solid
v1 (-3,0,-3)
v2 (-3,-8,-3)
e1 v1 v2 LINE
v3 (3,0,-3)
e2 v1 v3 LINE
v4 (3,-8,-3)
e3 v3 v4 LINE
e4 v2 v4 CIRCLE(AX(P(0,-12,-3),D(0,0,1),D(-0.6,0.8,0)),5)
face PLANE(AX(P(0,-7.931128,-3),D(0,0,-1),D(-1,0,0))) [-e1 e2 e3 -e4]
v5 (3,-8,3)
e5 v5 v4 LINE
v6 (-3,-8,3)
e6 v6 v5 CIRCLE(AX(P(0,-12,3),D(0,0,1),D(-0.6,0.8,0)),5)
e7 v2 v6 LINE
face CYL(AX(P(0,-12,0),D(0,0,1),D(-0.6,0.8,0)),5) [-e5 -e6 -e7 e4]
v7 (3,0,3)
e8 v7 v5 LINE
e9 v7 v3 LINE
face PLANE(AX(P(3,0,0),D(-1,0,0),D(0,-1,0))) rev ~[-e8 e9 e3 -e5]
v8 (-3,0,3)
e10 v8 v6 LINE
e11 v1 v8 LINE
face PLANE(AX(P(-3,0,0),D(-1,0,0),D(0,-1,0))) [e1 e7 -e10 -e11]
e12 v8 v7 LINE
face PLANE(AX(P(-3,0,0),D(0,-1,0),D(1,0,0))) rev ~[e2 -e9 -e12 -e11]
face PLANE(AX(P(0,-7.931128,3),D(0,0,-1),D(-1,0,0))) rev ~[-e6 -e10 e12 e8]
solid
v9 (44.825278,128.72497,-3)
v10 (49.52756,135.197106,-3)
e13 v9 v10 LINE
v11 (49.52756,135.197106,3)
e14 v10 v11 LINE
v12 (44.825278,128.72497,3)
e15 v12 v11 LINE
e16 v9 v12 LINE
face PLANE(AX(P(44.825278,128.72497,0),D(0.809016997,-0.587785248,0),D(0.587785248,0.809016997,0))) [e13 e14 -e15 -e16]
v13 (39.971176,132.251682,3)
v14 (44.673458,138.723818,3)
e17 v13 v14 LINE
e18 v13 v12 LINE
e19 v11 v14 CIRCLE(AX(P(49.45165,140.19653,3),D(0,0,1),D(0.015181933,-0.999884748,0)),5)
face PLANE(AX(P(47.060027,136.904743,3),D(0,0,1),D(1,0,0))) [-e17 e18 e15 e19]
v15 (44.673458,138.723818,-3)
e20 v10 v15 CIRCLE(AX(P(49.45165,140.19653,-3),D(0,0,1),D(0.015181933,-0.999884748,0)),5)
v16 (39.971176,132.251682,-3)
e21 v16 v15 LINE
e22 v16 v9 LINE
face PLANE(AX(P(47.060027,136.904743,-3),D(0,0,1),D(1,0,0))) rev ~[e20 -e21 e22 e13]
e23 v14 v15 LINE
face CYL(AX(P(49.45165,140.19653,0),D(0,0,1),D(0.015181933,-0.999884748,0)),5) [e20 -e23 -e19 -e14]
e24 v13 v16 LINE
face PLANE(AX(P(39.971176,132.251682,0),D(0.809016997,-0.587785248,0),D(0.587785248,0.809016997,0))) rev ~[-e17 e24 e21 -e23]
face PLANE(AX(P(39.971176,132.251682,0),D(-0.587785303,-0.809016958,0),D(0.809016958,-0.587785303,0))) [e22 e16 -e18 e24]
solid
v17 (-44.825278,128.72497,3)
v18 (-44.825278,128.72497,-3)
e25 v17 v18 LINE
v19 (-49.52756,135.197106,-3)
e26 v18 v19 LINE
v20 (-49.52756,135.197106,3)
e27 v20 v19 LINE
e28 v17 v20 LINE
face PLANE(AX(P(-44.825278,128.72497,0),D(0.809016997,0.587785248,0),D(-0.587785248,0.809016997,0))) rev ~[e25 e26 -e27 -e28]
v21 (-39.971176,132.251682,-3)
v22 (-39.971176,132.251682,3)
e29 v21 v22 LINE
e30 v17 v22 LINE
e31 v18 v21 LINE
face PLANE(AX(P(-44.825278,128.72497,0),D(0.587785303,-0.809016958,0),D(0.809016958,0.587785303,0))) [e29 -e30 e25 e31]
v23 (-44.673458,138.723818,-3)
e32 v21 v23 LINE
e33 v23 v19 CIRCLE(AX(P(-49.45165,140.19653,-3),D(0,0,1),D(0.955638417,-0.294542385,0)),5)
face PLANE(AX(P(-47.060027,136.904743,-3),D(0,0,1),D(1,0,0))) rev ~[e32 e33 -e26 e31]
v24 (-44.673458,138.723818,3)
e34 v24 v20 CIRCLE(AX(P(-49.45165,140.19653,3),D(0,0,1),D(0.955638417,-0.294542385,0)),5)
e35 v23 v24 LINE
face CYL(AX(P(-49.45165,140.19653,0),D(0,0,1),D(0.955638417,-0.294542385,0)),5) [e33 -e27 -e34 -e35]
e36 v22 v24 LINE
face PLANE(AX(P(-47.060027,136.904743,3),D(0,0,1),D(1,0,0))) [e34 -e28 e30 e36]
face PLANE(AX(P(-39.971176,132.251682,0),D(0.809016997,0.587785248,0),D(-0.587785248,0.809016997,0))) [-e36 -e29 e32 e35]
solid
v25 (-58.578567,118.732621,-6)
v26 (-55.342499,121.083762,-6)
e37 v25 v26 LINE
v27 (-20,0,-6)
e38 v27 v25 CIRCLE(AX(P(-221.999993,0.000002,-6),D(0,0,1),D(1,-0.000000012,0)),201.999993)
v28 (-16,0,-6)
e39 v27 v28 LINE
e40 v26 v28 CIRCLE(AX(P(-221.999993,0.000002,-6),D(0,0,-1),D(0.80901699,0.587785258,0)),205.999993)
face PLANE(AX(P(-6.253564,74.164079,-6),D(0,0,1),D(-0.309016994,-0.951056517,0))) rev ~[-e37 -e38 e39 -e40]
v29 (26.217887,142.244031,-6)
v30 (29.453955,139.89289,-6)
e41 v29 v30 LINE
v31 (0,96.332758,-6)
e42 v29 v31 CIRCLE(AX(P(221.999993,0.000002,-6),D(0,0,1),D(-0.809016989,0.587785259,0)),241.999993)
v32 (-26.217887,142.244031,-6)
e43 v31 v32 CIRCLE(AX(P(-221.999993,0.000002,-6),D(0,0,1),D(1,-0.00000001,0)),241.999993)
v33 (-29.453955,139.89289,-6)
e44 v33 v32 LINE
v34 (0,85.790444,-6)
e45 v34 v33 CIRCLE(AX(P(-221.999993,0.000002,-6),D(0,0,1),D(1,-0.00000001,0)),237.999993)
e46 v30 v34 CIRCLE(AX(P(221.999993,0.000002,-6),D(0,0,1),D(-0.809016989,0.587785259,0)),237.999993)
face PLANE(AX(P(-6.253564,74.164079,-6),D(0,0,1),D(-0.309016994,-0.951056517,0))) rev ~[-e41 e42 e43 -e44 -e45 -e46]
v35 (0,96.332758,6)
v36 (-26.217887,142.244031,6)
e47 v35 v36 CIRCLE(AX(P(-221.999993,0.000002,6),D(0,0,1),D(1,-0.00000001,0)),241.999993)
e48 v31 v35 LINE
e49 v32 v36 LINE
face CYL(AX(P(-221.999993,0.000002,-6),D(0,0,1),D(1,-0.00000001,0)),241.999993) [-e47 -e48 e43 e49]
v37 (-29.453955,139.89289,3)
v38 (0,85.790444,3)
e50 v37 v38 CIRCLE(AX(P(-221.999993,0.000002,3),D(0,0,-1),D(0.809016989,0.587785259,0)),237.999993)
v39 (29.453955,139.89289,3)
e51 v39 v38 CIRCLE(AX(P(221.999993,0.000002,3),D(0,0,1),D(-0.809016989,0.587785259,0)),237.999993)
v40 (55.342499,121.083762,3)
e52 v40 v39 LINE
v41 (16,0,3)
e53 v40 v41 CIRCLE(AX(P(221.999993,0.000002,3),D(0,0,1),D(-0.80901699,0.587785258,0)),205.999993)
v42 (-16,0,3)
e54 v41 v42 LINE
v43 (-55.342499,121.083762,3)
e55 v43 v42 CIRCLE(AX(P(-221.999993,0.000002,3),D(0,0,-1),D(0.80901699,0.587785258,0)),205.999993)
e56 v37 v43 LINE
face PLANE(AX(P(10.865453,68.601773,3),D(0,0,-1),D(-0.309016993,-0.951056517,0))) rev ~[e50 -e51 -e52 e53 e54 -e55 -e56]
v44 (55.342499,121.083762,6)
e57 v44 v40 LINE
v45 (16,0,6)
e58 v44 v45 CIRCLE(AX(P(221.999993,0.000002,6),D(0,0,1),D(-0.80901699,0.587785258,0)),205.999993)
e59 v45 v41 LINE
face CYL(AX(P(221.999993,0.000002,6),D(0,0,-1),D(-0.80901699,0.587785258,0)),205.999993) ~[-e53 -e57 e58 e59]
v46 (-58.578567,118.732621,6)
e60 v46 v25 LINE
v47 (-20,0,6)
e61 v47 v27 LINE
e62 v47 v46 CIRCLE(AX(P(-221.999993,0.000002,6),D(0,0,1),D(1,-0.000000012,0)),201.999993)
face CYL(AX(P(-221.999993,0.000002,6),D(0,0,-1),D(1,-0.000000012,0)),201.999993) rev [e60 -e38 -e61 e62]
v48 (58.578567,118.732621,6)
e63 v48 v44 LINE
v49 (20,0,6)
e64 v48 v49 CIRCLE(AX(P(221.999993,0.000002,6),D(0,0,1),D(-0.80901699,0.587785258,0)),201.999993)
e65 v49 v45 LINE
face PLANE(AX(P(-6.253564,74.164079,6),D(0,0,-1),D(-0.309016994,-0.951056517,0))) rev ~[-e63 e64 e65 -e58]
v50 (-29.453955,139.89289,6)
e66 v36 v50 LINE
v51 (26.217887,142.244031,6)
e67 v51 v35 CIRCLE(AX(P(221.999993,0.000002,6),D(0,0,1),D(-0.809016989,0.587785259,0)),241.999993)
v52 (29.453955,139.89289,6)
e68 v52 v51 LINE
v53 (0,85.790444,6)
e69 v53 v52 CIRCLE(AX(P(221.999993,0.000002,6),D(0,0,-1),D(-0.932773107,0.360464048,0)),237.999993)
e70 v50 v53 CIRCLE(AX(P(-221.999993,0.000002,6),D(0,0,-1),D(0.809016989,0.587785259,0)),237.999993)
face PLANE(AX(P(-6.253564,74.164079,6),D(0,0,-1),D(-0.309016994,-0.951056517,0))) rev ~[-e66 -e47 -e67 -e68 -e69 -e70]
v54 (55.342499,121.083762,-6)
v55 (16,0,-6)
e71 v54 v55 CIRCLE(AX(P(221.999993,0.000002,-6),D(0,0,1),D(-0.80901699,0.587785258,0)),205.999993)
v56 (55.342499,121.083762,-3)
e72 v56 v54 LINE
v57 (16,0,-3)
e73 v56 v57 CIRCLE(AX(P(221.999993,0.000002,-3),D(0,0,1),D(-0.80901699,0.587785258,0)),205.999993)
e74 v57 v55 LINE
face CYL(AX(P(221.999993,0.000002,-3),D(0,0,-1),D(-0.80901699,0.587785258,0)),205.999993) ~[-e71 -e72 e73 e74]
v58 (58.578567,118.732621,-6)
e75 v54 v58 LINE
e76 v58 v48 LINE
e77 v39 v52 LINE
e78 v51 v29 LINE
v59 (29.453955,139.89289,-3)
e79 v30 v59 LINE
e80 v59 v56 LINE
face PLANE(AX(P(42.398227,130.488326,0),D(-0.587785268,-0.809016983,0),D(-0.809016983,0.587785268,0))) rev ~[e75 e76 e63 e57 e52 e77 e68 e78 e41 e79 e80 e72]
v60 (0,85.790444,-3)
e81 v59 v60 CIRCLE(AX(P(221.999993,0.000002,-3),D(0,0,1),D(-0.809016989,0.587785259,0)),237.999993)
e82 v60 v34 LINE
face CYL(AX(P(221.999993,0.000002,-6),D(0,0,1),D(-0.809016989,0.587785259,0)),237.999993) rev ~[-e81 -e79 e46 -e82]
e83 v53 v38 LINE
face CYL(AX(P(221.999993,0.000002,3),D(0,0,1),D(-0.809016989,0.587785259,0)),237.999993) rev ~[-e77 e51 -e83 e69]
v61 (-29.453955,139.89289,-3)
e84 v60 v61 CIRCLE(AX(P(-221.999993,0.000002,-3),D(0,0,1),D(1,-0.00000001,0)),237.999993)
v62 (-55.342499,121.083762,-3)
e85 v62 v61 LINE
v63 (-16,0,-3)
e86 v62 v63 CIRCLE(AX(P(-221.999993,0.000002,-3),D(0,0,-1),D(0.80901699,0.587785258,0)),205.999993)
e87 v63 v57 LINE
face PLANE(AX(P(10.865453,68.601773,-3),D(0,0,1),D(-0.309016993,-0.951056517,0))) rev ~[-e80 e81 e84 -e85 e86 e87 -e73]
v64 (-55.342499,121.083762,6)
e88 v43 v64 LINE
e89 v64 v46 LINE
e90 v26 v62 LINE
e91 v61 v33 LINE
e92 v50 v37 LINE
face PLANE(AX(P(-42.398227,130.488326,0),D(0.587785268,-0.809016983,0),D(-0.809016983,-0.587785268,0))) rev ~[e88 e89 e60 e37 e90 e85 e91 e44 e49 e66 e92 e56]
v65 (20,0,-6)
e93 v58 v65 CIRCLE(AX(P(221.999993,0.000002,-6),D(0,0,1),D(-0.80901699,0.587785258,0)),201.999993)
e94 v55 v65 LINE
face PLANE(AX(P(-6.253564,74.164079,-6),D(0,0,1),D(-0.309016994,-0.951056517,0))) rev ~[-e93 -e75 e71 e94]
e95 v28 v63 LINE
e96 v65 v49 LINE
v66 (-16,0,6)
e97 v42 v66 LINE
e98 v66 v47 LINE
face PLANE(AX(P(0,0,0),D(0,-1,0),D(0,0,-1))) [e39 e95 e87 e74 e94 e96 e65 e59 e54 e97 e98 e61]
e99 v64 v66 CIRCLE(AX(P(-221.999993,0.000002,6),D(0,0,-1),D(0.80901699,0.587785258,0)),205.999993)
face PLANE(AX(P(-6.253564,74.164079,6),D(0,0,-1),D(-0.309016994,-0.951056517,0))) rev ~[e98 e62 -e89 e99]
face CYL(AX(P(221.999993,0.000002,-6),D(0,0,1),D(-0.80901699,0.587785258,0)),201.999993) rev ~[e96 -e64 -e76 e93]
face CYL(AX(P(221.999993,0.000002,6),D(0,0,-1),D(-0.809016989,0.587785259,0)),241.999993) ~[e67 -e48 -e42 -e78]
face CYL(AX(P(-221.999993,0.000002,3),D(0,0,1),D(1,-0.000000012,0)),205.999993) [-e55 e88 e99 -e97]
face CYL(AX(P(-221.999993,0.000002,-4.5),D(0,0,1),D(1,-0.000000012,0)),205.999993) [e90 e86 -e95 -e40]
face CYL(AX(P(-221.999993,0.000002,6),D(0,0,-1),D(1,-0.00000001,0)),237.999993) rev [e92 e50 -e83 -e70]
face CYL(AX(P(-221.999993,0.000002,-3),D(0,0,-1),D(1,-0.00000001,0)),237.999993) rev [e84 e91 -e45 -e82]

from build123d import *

# Parameters (mm, degrees)
SKETCH013_W  = 32
SKETCH013_H  = 3
PAD_DEPTH    = 3
PAD001_DEPTH = 3
PAD002_DEPTH = 3


with BuildPart() as main:
    # AdditivePipe: sweep along a path in Sketch
    with BuildLine(Plane.XY) as additivepipe_path:
        ThreePointArc((0, 0), (-10.865453, 68.601773), (-42.398227, 130.488326))
    # Sketch002 → AdditivePipe (sweep)
    with BuildSketch(Plane.XZ):
        Polygon((-20, 6), (-20, -6), (-16, -6), (-16, -3), (-9, -3), (9, -3), (16, -3), (16, -6), (20, -6), (20, 6), (16, 6), (16, 3), (9, 3), (-9, 3), (-16, 3), (-16, 6), align=None)
    sweep(path=additivepipe_path.line)

    # AdditivePipe001: sweep along a path in Sketch001
    with BuildLine(Plane.XY) as additivepipe001_path:
        ThreePointArc((42.398227, 130.488326), (10.865453, 68.601773), (0, 0))
    # Sketch002 → AdditivePipe001 (sweep)
    with BuildSketch(Plane.XZ):
        Polygon((-20, 6), (-20, -6), (-16, -6), (-16, -3), (-9, -3), (9, -3), (16, -3), (16, -6), (20, -6), (20, 6), (16, 6), (16, 3), (9, 3), (-9, 3), (-16, 3), (-16, 6), align=None)
    sweep(path=additivepipe001_path.line)

    # SubtractivePipe: sweep along a path in Sketch
    with BuildLine(Plane.XY) as subtractivepipe_path:
        ThreePointArc((0, 0), (-10.865453, 68.601773), (-42.398227, 130.488326))
    # Sketch013 (on Face1 of AdditivePipe001) → SubtractivePipe (sweep, cut)
    with BuildSketch(Plane.XZ):
        with Locations((0, 4.5)):
            Rectangle(SKETCH013_W, SKETCH013_H)
    subtractivepipe = sweep(path=subtractivepipe_path.line, mode=Mode.SUBTRACT)

    # SubtractivePipe001: sweep along a path in Sketch001
    with BuildLine(Plane.XY) as subtractivepipe001_path:
        ThreePointArc((42.398227, 130.488326), (10.865453, 68.601773), (0, 0))
    # Sketch013 (on Face1 of AdditivePipe001) → SubtractivePipe001 (sweep, cut)
    with BuildSketch(Plane.XZ):
        with Locations((0, 4.5)):
            Rectangle(SKETCH013_W, SKETCH013_H)
    subtractivepipe001 = sweep(path=subtractivepipe001_path.line, mode=Mode.SUBTRACT)

    # Mirrored: SubtractivePipe across XY
    add(subtractivepipe.mirror(Plane.XY), mode=Mode.SUBTRACT)

    # Mirrored001: SubtractivePipe001 across XY
    add(subtractivepipe001.mirror(Plane.XY), mode=Mode.SUBTRACT)


with BuildPart() as male1:
    # Sketch010 → Pad (new body, symmetric)
    with BuildSketch(Plane.XY):
        with BuildLine():
            Line((-3, 0), (3, 0))
            Line((3, 0), (3, -8))
            ThreePointArc((-3, -8), (0, -17), (3, -8))
            Line((-3, 0), (-3, -8))
        make_face()
    extrude(amount=PAD_DEPTH, both=True)


with BuildPart() as male3:
    # Sketch011 → Pad001 (new body, symmetric)
    with BuildSketch(Plane.XY):
        with BuildLine():
            Line((39.971176, 132.251682), (44.825278, 128.72497))
            Line((44.825278, 128.72497), (49.52756, 135.197106))
            ThreePointArc((49.52756, 135.197106), (52.390577, 144.241615), (44.673458, 138.723818))
            Line((39.971176, 132.251682), (44.673458, 138.723818))
        make_face()
    extrude(amount=PAD001_DEPTH, both=True)


with BuildPart() as male2:
    # Sketch012 → Pad002 (new body, symmetric)
    with BuildSketch(Plane.XY):
        with BuildLine():
            Line((-44.825278, 128.72497), (-39.971176, 132.251682))
            Line((-39.971176, 132.251682), (-44.673458, 138.723818))
            ThreePointArc((-44.673458, 138.723818), (-52.390577, 144.241615), (-49.52756, 135.197106))
            Line((-44.825278, 128.72497), (-49.52756, 135.197106))
        make_face()
    extrude(amount=PAD002_DEPTH, both=True)


solid = Compound([main.part, male1.part, male3.part, male2.part])
